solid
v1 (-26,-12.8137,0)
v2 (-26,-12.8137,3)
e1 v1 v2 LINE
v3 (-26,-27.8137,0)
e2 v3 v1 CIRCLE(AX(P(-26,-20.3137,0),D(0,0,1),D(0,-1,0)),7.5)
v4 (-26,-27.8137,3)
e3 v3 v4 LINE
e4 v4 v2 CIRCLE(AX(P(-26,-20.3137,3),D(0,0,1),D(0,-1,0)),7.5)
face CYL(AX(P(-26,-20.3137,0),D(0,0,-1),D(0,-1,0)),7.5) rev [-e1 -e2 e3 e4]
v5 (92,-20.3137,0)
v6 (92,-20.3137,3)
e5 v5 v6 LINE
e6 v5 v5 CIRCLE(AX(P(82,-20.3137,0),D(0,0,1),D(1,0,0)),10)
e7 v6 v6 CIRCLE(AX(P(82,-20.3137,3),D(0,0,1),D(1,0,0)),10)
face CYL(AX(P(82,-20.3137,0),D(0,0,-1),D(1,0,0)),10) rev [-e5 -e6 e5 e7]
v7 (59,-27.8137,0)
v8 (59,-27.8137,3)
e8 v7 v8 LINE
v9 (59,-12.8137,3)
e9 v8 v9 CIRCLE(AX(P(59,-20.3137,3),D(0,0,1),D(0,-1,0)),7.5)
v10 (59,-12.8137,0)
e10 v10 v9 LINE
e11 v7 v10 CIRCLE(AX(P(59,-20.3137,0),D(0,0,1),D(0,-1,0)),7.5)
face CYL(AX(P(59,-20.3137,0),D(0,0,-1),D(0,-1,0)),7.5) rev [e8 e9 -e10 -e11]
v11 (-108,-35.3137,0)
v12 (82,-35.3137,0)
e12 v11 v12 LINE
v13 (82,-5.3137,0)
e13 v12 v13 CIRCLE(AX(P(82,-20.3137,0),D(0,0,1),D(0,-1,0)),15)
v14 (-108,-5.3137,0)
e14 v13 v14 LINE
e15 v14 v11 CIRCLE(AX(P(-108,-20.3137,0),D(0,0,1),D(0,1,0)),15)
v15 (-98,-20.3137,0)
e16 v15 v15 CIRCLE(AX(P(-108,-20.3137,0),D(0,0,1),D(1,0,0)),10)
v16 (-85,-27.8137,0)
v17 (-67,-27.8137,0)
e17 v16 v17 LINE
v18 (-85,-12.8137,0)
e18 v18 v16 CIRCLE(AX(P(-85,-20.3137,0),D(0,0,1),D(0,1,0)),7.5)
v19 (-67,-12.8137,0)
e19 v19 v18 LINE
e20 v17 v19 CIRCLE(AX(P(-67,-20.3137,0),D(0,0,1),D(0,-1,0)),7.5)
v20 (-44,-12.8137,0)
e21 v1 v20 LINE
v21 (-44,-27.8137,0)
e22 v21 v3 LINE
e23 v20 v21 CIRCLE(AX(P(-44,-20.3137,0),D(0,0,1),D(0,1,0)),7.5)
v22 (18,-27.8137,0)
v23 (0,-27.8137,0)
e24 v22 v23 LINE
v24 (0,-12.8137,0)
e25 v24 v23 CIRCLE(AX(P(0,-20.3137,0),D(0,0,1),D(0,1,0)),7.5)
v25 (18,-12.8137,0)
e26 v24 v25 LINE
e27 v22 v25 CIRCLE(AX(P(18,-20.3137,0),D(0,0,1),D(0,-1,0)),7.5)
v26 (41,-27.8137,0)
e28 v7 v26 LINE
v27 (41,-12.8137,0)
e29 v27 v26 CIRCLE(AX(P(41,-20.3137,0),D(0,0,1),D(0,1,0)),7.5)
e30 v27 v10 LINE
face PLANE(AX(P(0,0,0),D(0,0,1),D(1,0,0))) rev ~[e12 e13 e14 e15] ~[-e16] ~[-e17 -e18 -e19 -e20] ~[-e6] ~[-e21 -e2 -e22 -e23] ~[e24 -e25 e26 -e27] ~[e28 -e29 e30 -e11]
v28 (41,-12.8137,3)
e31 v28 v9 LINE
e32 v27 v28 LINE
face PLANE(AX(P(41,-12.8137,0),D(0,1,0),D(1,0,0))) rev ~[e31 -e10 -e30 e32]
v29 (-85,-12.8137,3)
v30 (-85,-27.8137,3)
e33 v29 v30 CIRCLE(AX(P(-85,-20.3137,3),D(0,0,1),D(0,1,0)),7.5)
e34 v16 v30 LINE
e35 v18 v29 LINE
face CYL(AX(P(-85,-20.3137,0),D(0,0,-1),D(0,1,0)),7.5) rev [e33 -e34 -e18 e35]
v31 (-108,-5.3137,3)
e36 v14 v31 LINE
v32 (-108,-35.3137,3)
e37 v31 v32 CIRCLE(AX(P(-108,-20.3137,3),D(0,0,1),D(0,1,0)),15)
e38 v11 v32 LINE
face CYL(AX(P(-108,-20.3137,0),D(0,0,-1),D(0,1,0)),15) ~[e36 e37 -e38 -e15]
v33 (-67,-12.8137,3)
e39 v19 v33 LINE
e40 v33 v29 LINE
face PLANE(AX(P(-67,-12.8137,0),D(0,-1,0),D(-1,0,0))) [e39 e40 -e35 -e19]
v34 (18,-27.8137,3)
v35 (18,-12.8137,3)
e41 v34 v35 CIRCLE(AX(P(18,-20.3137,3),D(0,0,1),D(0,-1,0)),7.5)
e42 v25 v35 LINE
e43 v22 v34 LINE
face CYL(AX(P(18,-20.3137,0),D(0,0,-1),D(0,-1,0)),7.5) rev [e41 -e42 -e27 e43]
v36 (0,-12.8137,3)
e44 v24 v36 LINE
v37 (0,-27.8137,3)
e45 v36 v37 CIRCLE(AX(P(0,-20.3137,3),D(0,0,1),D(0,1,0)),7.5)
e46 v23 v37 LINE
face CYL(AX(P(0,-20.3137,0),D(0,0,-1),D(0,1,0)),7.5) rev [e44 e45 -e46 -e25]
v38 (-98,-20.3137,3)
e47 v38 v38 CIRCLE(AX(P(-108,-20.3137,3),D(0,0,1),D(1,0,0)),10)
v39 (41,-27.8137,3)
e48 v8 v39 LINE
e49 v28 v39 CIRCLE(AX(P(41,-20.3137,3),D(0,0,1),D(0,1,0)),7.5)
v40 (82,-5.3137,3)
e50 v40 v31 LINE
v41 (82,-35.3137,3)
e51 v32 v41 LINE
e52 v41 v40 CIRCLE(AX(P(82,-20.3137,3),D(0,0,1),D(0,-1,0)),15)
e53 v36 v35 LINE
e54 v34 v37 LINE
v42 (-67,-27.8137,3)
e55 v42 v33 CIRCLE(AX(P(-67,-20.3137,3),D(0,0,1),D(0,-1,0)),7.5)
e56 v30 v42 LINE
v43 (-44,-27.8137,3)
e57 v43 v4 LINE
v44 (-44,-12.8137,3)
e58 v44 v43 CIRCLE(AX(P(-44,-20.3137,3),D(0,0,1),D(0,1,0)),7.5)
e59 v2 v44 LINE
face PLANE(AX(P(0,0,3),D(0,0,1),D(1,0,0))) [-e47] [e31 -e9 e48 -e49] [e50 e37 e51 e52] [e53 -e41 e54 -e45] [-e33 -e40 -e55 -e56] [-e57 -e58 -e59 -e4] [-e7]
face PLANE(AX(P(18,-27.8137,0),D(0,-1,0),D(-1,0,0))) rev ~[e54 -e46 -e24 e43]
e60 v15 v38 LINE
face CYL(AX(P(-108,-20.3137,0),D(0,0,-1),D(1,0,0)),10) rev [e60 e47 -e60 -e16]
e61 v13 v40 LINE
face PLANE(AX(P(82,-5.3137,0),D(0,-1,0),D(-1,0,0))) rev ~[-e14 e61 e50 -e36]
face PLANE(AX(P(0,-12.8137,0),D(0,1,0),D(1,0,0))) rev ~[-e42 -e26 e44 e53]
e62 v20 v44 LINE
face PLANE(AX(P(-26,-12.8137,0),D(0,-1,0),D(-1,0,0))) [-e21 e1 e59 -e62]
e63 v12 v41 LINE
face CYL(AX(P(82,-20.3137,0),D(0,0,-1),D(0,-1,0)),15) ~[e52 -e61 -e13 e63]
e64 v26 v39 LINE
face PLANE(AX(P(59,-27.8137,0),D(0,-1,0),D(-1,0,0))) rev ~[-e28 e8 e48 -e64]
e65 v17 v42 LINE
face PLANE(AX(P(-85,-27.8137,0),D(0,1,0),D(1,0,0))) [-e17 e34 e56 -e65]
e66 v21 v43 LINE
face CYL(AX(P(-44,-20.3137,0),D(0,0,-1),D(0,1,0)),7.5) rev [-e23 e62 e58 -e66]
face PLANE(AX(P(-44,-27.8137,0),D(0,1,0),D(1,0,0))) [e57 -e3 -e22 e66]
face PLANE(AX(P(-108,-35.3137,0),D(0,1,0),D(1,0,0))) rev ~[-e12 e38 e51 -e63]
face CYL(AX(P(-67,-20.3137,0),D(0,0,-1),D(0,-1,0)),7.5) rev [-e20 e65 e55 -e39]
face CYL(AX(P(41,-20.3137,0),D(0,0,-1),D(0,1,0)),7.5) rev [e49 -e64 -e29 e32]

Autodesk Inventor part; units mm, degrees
ref_plane "YZ Plane" through (0, 0, 0) normal (1, 0, 0) x (0, 1, 0)
ref_plane "XZ Plane" through (0, 0, 0) normal (0, 1, 0) x (-1, 0, 0)
ref_plane "XY Plane" through (0, 0, 0) normal (0, 0, 1) x (1, 0, 0)
sketch "Sketch2" plane through (0, 0, 0) normal (0, 0, 1) x (1, 0, 0)
  line L0 (-108, -20.3137) -> (82, -20.3137) construction
  line L1 (-108, -35.3137) -> (82, -35.3137)
  line L2 (82, -5.3137) -> (-108, -5.3137)
  arc A0 (-108, -5.3137) -> (-108, -35.3137) centre (-108, -20.3137) ccw
  arc A1 (82, -35.3137) -> (82, -5.3137) centre (82, -20.3137) ccw
  circle A2 centre (-108, -20.3137) radius 10
  circle A3 centre (82, -20.3137) radius 10
  line L3 (-85, -20.3137) -> (-67, -20.3137) construction
  line L4 (-85, -27.8137) -> (-67, -27.8137)
  line L5 (-67, -12.8137) -> (-85, -12.8137)
  arc A4 (-85, -12.8137) -> (-85, -27.8137) centre (-85, -20.3137) ccw
  arc A5 (-67, -27.8137) -> (-67, -12.8137) centre (-67, -20.3137) ccw
  line L6 (-13, -46) -> (-13, 6) construction
  arc A6 (-26, -27.8137) -> (-26, -12.8137) centre (-26, -20.3137) ccw
  line L7 (-44, -20.3137) -> (-26, -20.3137) construction
  line L8 (-44, -27.8137) -> (-26, -27.8137)
  line L9 (-26, -12.8137) -> (-44, -12.8137)
  arc A7 (-44, -12.8137) -> (-44, -27.8137) centre (-44, -20.3137) ccw
  line L10 (59, -20.3137) -> (41, -20.3137) construction
  line L11 (59, -27.8137) -> (41, -27.8137)
  line L12 (41, -12.8137) -> (59, -12.8137)
  arc A8 (59, -27.8137) -> (59, -12.8137) centre (59, -20.3137) ccw
  arc A9 (41, -12.8137) -> (41, -27.8137) centre (41, -20.3137) ccw
  arc A10 (0, -12.8137) -> (0, -27.8137) centre (0, -20.3137) ccw
  line L13 (18, -20.3137) -> (0, -20.3137) construction
  line L14 (18, -27.8137) -> (0, -27.8137)
  line L15 (0, -12.8137) -> (18, -12.8137)
  arc A11 (18, -27.8137) -> (18, -12.8137) centre (18, -20.3137) ccw
  point P0 (0, 0)
  point P1 (-13, -20.3137)
  point P2 (-76, -20.3137)
  point P3 (-35, -20.3137)
  point P4 (50, -20.3137)
  point P5 (9, -20.3137)
  dimension "d27" = 190
  dimension "d28" = 30
  dimension "d29" = 20
  dimension "d30" = 20
  dimension "d31" = 18
  dimension "d32" = 15
  dimension "d43" = 41
  dimension "d48" = 41
extrude "Extrusion2" add sketch "Sketch2" along normal blind 3
properties part number "p1"
